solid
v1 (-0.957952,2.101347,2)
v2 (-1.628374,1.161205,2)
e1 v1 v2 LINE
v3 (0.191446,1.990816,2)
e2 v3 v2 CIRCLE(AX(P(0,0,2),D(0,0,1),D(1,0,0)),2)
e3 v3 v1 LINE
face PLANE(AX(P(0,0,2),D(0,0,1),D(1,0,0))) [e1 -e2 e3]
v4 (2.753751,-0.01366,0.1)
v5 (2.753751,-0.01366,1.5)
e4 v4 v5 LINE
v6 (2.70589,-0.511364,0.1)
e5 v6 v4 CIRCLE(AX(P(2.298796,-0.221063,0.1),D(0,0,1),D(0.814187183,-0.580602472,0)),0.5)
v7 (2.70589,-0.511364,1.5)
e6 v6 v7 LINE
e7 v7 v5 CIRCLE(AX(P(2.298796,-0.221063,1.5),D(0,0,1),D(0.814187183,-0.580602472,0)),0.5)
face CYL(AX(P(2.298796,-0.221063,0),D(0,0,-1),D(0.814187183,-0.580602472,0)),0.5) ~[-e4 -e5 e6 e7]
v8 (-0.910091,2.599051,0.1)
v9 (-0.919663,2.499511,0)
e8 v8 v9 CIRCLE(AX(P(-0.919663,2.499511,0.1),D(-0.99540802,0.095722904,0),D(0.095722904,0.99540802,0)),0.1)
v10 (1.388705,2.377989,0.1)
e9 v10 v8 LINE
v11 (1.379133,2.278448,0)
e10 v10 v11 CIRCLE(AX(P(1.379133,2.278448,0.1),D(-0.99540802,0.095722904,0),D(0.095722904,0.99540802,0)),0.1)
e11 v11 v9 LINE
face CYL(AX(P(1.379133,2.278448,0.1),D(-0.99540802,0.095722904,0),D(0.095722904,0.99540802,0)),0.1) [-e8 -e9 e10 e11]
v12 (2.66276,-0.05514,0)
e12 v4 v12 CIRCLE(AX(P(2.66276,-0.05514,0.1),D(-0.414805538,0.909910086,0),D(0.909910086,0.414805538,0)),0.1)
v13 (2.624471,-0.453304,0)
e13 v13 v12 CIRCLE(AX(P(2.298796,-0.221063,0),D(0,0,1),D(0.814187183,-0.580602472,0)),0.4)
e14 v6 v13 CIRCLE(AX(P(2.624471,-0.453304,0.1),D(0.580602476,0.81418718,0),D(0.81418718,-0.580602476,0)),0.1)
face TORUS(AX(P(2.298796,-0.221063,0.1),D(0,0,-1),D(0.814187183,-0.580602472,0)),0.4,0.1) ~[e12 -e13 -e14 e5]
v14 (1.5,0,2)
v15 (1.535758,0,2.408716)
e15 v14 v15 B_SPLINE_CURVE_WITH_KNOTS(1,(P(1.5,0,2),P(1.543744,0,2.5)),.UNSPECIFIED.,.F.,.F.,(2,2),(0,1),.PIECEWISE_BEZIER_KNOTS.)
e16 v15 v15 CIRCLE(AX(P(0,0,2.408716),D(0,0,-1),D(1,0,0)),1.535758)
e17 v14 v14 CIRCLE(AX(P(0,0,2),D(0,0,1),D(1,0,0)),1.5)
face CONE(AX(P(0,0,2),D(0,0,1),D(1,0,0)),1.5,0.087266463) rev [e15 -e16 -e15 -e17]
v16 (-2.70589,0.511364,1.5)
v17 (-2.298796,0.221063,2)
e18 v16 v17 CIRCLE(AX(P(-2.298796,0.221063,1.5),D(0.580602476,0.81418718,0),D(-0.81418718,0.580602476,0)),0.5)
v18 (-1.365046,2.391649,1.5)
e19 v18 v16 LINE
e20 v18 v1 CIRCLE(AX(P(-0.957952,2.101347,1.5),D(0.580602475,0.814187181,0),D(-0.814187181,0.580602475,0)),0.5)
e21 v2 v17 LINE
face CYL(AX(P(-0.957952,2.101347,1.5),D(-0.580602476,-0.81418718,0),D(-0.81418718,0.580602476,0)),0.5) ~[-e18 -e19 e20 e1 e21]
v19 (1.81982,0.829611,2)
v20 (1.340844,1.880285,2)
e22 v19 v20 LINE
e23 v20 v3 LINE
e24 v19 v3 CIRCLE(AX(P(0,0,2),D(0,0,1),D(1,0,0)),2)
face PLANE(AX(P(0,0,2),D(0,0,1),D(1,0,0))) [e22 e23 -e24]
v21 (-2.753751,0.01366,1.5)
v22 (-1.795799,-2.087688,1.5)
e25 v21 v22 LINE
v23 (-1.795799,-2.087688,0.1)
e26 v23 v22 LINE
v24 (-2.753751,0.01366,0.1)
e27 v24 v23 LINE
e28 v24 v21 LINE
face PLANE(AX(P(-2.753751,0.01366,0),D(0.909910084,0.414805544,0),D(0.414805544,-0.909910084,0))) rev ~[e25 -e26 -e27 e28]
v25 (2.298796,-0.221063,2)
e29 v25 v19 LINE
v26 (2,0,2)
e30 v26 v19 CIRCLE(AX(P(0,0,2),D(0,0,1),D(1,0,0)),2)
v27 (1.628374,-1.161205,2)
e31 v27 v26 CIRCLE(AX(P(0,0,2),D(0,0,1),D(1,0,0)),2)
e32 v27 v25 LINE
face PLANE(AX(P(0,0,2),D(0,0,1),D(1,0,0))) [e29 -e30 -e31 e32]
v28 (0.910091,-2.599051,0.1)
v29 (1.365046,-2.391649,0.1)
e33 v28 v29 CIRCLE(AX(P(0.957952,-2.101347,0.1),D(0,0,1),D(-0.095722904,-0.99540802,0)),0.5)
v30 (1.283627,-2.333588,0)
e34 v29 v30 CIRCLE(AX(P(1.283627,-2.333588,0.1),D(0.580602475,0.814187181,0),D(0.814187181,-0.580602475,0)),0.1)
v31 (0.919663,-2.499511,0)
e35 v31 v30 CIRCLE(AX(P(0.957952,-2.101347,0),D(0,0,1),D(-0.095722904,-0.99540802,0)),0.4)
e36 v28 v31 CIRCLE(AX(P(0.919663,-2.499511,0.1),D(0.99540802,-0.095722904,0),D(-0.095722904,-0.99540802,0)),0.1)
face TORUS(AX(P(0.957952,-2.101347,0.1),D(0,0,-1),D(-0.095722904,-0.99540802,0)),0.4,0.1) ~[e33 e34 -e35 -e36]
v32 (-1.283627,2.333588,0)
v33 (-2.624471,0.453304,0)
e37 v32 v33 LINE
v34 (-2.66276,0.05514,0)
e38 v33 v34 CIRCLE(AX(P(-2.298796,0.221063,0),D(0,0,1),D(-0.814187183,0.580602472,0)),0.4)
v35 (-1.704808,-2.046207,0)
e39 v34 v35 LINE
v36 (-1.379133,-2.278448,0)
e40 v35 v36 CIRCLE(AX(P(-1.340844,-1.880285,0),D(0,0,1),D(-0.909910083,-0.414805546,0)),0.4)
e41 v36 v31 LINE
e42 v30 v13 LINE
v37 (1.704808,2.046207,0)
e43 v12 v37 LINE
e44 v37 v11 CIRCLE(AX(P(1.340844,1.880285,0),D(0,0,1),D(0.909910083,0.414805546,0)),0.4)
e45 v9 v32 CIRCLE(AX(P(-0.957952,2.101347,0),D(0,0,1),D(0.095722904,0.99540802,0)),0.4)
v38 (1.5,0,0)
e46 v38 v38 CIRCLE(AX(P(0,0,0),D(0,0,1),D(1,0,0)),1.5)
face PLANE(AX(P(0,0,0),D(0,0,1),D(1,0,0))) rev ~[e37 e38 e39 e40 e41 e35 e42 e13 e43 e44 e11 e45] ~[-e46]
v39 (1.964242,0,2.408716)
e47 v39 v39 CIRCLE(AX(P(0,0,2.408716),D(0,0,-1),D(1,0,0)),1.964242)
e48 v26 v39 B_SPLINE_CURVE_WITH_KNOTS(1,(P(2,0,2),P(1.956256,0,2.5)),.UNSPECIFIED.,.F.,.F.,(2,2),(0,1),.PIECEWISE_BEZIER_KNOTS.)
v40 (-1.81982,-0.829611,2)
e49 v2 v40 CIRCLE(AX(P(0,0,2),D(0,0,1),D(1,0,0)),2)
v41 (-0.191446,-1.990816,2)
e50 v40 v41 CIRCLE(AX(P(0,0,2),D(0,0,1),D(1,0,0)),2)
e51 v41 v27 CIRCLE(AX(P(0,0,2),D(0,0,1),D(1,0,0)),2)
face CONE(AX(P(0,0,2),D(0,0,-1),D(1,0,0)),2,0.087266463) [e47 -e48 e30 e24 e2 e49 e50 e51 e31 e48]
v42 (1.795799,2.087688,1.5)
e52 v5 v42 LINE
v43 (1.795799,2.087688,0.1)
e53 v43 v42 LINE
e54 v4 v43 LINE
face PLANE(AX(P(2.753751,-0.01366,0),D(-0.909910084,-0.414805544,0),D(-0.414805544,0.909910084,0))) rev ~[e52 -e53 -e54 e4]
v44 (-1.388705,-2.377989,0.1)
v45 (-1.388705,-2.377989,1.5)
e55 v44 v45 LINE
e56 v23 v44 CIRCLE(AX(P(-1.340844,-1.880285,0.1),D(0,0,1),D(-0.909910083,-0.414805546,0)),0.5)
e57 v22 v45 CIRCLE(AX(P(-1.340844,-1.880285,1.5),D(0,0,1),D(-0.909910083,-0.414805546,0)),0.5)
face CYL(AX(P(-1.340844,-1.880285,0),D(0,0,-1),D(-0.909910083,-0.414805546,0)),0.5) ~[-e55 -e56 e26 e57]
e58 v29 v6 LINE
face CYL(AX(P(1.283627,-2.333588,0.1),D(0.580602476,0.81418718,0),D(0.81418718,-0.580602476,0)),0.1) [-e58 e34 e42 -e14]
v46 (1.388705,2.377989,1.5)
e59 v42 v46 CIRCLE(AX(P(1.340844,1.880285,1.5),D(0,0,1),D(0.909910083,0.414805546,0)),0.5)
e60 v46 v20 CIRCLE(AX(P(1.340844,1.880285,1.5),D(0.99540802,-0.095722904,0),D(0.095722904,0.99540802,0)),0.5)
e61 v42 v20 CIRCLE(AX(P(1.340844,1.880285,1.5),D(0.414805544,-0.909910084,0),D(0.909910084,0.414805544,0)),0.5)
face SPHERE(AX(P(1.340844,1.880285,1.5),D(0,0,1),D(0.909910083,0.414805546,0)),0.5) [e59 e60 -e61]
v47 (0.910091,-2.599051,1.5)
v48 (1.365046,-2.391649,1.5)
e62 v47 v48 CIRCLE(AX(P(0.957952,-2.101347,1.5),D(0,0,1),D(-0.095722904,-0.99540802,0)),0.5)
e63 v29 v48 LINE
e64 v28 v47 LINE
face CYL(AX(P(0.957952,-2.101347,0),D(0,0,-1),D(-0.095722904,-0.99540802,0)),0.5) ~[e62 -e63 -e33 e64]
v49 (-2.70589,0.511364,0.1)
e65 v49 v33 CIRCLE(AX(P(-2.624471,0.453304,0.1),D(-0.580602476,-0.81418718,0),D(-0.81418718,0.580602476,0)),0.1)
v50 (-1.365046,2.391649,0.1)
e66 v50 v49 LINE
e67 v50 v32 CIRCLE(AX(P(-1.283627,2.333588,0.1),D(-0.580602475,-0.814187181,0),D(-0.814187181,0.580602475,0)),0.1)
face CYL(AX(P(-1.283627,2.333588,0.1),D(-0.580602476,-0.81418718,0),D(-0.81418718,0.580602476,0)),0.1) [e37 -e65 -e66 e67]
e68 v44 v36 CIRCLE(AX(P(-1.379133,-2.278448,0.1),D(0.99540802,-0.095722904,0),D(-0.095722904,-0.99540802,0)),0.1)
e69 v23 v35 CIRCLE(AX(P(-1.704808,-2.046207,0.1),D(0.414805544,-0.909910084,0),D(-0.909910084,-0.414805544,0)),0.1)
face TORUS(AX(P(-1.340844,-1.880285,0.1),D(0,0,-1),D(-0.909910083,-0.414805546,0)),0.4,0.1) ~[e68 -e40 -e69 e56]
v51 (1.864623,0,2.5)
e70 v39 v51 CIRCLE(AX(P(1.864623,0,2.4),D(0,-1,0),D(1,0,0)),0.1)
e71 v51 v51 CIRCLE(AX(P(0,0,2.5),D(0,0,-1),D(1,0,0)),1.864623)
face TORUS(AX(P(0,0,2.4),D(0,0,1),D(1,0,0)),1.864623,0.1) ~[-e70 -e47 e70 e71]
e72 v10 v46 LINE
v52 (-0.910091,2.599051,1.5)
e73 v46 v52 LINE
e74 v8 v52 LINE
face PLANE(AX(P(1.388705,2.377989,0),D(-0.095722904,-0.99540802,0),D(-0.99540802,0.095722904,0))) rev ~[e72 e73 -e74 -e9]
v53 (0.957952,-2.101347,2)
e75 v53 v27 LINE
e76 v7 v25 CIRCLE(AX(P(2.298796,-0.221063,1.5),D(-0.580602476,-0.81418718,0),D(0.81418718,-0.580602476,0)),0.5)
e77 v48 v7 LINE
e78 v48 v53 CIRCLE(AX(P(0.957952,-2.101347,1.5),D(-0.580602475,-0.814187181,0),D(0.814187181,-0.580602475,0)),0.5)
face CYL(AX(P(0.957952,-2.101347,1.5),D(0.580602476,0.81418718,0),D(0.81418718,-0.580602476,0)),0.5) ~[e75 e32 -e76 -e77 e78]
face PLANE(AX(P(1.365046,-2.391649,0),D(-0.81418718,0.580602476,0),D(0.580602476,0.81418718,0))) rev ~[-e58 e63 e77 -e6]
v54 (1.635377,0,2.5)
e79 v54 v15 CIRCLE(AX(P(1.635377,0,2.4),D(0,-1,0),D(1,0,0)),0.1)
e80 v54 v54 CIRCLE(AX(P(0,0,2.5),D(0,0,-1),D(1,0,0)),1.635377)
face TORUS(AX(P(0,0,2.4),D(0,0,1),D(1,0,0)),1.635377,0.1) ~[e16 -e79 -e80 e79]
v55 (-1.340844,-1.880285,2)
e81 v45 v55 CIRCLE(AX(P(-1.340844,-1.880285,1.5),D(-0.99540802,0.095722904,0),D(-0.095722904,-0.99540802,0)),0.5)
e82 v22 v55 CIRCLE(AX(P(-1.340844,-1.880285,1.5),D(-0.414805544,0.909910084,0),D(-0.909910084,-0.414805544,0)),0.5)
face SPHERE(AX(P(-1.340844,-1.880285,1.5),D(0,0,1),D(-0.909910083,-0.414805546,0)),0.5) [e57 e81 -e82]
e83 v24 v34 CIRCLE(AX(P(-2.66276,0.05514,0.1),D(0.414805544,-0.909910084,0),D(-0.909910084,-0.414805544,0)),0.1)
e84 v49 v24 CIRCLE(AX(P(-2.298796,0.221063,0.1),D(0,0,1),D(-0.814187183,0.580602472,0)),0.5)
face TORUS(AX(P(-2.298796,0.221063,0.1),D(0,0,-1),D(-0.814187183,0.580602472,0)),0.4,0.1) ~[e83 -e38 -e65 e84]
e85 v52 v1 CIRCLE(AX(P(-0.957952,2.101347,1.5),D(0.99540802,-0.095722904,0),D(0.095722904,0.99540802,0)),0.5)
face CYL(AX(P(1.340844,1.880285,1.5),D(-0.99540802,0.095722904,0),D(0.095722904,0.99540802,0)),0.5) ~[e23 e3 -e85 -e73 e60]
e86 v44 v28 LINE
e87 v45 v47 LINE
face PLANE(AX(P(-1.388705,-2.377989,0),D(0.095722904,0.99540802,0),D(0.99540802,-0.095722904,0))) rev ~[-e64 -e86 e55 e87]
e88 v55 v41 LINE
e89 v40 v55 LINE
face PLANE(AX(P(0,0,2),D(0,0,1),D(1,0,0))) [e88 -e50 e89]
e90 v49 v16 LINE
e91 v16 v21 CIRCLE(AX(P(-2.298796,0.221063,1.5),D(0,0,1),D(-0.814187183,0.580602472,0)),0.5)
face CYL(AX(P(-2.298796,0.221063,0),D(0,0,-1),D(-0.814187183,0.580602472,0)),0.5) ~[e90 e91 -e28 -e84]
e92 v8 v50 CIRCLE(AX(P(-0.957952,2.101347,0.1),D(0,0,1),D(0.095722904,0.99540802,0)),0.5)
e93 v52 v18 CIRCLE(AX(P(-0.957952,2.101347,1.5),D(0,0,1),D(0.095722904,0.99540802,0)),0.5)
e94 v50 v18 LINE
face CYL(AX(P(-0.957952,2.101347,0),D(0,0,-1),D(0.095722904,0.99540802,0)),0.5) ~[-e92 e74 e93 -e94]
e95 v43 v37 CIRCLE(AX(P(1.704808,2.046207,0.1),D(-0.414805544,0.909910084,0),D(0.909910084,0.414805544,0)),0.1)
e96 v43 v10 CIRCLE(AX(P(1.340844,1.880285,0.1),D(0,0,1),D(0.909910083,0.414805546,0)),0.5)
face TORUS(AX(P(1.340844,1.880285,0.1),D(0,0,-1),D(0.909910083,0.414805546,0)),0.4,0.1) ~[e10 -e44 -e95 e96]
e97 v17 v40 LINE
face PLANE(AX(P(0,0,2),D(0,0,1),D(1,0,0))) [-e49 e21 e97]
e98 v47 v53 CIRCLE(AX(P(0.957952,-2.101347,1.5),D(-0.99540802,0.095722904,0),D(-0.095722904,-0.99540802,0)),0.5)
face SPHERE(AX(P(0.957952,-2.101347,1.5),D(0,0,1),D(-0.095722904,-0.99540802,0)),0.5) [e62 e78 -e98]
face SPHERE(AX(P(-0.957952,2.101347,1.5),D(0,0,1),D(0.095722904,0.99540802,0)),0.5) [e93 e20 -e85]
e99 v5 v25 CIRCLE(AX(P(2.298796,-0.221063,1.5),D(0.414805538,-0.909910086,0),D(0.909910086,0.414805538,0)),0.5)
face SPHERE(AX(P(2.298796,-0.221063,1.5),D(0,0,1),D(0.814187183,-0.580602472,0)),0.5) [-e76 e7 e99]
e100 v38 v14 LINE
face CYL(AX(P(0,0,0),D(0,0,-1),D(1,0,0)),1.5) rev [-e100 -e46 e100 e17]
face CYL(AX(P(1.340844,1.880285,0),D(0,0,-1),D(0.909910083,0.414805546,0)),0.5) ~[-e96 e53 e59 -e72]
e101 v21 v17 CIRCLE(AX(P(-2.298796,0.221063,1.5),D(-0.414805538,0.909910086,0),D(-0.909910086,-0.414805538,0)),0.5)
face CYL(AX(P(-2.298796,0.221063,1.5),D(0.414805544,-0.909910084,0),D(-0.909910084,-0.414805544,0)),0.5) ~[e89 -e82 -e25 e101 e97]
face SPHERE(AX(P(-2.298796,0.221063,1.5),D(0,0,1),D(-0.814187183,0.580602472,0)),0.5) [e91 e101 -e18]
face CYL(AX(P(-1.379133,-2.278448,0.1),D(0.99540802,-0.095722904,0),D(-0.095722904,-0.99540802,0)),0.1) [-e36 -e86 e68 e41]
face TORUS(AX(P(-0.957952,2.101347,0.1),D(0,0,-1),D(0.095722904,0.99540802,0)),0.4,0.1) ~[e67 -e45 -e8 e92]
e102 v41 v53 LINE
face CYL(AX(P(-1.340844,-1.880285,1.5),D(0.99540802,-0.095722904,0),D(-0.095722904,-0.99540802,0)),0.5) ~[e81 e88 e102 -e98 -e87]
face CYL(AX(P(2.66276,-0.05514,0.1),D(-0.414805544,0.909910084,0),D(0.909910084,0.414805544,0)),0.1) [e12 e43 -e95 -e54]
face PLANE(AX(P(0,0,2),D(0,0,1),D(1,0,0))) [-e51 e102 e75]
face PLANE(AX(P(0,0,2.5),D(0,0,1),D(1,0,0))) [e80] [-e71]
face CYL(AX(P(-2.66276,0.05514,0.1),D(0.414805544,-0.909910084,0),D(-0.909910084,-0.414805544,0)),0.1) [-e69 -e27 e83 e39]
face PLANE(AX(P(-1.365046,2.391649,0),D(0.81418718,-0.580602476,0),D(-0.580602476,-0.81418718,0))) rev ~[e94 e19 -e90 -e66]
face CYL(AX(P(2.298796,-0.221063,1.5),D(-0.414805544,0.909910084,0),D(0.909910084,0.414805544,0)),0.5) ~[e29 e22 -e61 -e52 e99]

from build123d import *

# Parameters (mm, degrees)
SKETCH1_R           = 1.5
BOSS_EXTRUDE1_DEPTH = 2
FILLET1_R           = 0.5
SKETCH3_R           = 2
SKETCH3_R_2         = 1.5
BOSS_EXTRUDE2_DEPTH = 0.5
BOSS_EXTRUDE2_TAPER = 5
FILLET2_R           = 0.1


with BuildPart() as part:
    # Sketch1 → Boss-Extrude1 (new body)
    with BuildSketch(Plane.XY):
        with BuildLine():
            Line((2.753751395, -0.013659805), (1.795799026, 2.087687523))
            ThreePointArc((1.795799026, 2.087687523), (1.631145222, 2.287378341), (1.388705435, 2.377988761))
            Line((1.388705435, 2.377988761), (-0.910090917, 2.599051338))
            ThreePointArc((-0.910090917, 2.599051338), (-1.165355141, 2.55630237), (-1.365045959, 2.391648566))
            Line((-1.365045959, 2.391648566), (-2.705889943, 0.511363815))
            ThreePointArc((-2.705889943, 0.511363815), (-2.796500362, 0.268924029), (-2.753751395, 0.013659805))
            Line((-2.753751395, 0.013659805), (-1.795799026, -2.087687523))
            ThreePointArc((-1.795799026, -2.087687523), (-1.631145222, -2.287378341), (-1.388705435, -2.377988761))
            Line((-1.388705435, -2.377988761), (0.910090917, -2.599051338))
            ThreePointArc((0.910090917, -2.599051338), (1.165355141, -2.55630237), (1.365045959, -2.391648566))
            Line((1.365045959, -2.391648566), (2.705889943, -0.511363815))
            ThreePointArc((2.705889943, -0.511363815), (2.796500362, -0.268924029), (2.753751395, -0.013659805))
        make_face()
        Circle(SKETCH1_R, mode=Mode.SUBTRACT)
    extrude(amount=BOSS_EXTRUDE1_DEPTH)

    # Fillet1
    fillet1_edges = [part.edges().sort_by_distance(p)[0] for p in [
        (1.165355141, -2.55630237, 2),
        (2.035467951, -1.45150619, 2),
        (2.796500362, -0.268924029, 2),
        (2.27477521, 1.037013859, 2),
        (1.631145222, 2.287378341, 2),
        (0.239307259, 2.488520049, 2),
        (-1.165355141, 2.55630237, 2),
        (-2.035467951, 1.45150619, 2),
        (-2.796500362, 0.268924029, 2),
        (-2.27477521, -1.037013859, 2),
        (-1.631145222, -2.287378341, 2),
        (-0.239307259, -2.488520049, 2),
    ]]
    fillet(fillet1_edges, radius=FILLET1_R)

    # Sketch3 → Boss-Extrude2 (add)
    with BuildSketch(Plane.XY.offset(2)):
        Circle(SKETCH3_R)
        Circle(SKETCH3_R_2, mode=Mode.SUBTRACT)
    extrude(amount=BOSS_EXTRUDE2_DEPTH, taper=BOSS_EXTRUDE2_TAPER)

    # Fillet2
    fillet2_edges = [part.edges().sort_by_distance(p)[0] for p in [
        (-2.27477521, -1.037013859, 0),
        (-2.796500362, 0.268924029, 0),
        (-2.035467951, 1.45150619, 0),
        (-1.165355141, 2.55630237, 0),
        (0.239307259, 2.488520049, 0),
        (1.631145222, 2.287378341, 0),
        (2.27477521, 1.037013859, 0),
        (2.796500362, -0.268924029, 0),
        (2.035467951, -1.45150619, 0),
        (1.165355141, -2.55630237, 0),
        (-0.239307259, -2.488520049, 0),
        (-1.631145222, -2.287378341, 0),
        (-1.956255668, 0, 2.5),
        (-1.543744332, 0, 2.5),
    ]]
    fillet(fillet2_edges, radius=FILLET2_R)


solid = part.part
